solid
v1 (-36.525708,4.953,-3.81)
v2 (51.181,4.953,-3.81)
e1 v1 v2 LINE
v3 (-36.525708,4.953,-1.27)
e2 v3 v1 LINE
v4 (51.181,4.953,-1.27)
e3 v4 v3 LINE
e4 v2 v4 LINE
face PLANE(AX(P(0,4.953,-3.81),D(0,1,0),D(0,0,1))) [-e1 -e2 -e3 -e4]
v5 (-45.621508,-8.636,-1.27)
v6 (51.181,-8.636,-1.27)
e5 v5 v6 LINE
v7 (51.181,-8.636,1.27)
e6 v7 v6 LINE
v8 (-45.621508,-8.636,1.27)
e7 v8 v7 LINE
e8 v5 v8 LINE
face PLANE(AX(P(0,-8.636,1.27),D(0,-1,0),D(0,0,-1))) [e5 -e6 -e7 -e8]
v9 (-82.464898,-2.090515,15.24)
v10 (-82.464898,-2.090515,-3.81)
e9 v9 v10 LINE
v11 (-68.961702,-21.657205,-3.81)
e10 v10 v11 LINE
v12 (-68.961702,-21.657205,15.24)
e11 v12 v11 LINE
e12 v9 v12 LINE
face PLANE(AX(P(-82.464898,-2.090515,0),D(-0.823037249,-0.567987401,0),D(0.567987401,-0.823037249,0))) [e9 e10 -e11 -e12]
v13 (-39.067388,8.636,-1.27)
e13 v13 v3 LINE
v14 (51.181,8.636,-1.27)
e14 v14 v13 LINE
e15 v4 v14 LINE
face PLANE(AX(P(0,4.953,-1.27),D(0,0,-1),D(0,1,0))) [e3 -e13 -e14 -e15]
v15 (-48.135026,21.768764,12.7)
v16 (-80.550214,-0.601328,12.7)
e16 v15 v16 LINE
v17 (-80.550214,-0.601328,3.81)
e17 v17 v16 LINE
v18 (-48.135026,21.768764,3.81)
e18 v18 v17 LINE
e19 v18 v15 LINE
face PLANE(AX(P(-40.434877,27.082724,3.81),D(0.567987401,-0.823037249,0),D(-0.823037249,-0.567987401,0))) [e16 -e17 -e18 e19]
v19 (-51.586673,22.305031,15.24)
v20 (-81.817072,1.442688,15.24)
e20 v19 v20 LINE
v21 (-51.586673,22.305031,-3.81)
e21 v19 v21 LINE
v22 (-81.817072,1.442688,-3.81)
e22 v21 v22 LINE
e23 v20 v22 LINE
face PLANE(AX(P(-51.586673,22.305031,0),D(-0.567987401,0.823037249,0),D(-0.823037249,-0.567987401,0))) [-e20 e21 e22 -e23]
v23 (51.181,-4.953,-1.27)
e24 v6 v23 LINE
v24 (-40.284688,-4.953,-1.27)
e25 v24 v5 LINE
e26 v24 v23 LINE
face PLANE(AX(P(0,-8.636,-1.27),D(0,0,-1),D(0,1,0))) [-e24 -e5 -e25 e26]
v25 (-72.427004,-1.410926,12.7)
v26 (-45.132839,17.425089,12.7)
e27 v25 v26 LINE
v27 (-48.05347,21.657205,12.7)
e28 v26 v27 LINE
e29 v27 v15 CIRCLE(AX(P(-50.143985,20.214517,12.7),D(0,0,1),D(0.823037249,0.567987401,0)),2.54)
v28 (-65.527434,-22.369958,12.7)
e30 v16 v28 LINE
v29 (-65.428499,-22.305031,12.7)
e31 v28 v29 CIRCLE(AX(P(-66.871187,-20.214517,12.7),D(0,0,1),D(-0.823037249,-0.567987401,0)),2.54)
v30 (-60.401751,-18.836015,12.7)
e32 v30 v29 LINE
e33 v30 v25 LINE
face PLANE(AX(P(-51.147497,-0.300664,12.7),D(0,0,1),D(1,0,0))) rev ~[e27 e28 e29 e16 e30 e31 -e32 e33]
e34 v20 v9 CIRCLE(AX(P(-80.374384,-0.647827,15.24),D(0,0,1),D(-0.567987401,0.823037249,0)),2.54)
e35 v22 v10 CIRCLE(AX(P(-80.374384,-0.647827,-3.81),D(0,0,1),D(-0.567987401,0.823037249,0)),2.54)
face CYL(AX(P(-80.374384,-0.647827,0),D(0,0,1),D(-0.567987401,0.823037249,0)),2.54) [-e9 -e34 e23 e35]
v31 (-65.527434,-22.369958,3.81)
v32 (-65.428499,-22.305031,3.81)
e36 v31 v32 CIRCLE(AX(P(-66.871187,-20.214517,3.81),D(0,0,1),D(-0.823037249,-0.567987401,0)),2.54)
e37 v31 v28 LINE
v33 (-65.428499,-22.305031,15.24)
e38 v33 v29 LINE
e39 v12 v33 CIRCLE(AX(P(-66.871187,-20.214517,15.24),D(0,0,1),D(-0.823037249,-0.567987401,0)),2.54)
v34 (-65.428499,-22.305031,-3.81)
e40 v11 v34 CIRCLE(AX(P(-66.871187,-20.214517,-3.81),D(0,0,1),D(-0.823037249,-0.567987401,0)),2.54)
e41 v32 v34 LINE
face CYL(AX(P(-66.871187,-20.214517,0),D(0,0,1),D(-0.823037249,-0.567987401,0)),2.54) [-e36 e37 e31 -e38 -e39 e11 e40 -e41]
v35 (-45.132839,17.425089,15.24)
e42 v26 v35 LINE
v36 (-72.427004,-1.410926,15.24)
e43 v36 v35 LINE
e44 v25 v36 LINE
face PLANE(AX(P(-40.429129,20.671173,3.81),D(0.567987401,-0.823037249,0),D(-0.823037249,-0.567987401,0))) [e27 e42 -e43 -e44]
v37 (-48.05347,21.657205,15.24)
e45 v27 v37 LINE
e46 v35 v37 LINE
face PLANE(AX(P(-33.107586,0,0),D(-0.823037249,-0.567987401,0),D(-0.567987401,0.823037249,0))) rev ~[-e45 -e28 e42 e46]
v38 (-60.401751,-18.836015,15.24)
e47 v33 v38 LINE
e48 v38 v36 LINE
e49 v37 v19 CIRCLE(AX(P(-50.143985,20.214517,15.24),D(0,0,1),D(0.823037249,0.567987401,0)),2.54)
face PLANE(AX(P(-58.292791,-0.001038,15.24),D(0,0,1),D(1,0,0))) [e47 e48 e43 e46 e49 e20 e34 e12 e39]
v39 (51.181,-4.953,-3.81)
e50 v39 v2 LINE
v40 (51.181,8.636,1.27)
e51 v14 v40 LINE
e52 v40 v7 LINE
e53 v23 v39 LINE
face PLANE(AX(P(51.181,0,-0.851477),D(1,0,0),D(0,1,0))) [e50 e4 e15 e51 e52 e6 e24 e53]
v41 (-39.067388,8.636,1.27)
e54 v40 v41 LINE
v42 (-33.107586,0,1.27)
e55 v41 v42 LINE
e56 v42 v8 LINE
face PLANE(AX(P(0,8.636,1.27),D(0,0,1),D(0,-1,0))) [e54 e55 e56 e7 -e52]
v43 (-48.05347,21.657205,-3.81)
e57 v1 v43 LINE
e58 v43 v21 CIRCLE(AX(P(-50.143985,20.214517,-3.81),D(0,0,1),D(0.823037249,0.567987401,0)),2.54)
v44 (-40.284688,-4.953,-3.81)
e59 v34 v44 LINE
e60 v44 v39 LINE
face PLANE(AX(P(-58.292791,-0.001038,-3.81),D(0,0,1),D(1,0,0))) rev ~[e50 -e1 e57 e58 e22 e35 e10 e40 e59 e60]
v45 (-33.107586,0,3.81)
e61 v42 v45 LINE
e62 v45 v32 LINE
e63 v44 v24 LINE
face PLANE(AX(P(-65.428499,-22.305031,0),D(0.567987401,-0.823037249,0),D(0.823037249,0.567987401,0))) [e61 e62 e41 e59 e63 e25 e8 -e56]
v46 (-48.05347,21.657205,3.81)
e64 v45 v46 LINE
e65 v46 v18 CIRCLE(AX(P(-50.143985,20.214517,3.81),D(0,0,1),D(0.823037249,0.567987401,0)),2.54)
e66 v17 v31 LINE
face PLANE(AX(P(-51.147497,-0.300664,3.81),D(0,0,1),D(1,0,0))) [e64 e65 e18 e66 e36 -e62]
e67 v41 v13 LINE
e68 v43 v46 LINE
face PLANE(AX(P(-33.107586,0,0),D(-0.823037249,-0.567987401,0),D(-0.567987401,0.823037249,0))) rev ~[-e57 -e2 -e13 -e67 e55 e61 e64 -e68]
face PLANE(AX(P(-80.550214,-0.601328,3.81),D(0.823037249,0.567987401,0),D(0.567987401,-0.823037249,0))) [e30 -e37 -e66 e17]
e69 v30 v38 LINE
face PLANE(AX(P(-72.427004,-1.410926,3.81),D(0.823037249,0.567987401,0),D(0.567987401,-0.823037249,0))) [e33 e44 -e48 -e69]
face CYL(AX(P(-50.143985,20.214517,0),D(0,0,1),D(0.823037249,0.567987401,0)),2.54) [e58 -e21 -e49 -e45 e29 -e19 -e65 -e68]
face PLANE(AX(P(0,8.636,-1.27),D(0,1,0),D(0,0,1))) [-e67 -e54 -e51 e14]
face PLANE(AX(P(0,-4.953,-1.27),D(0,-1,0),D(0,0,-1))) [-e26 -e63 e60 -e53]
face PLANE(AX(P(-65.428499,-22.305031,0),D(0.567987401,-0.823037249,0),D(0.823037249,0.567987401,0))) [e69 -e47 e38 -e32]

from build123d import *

# Parameters (mm, degrees)
F1_DEPTH = 51.181
F3_DEPTH = 15.24
F4_DEPTH = 3.81
F6_START = 2.54
F6_DEPTH = 8.89
F8_START = 2.54
F8_DEPTH = 20.574


with BuildPart() as f1:
    # F0 (on Right) → F1 (new body, symmetric)
    with BuildSketch(Plane.YZ):
        Polygon((8.636, 1.27), (-8.636, 1.27), (-8.636, -1.27), (-4.953, -1.27), (-4.953, -3.81), (4.953, -3.81), (4.953, -1.27), (8.636, -1.27), align=None)
    extrude(amount=F1_DEPTH, both=True)

    # F2 (on Top) → F3 (join)
    with BuildSketch(Plane.XY):
        with BuildLine():
            Line((-65.4284994702, -22.3050312109), (-33.107586205, 0))
            Line((-33.107586205, 0), (-48.0534703304, 21.6572045976))
            ThreePointArc((-48.0534703304, 21.6572045976), (-49.6859023505, 22.7128681239), (-51.5866729398, 22.3050312109))
            Line((-51.5866729398, 22.3050312109), (-81.8170715936, 1.442687998))
            ThreePointArc((-81.8170715936, 1.442687998), (-82.87273512, -0.189744022), (-82.464898207, -2.0905146114))
            Line((-82.464898207, -2.0905146114), (-68.9617020796, -21.6572045976))
            ThreePointArc((-68.9617020796, -21.6572045976), (-67.3292700595, -22.7128681239), (-65.4284994702, -22.3050312109))
        make_face()
    extrude(amount=F3_DEPTH)

    # F2 (on Top) → F4 (join)
    with BuildSketch(Plane.XY):
        with BuildLine():
            Line((-65.4284994702, -22.3050312109), (-33.107586205, 0))
            Line((-33.107586205, 0), (-48.0534703304, 21.6572045976))
            ThreePointArc((-48.0534703304, 21.6572045976), (-49.6859023505, 22.7128681239), (-51.5866729398, 22.3050312109))
            Line((-51.5866729398, 22.3050312109), (-81.8170715936, 1.442687998))
            ThreePointArc((-81.8170715936, 1.442687998), (-82.87273512, -0.189744022), (-82.464898207, -2.0905146114))
            Line((-82.464898207, -2.0905146114), (-68.9617020796, -21.6572045976))
            ThreePointArc((-68.9617020796, -21.6572045976), (-67.3292700595, -22.7128681239), (-65.4284994702, -22.3050312109))
        make_face()
    extrude(amount=-F4_DEPTH)

    # F5 (on face) → F6 (cut)
    with BuildSketch(Plane.XY.offset(1.27).offset(F6_START)):
        Polygon((-40.4348767453, 27.082724402), (-80.5502137997, -0.6013276448), (-61.860116521, -27.6840520468), (-21.7447794666, 0), align=None)
    extrude(amount=F6_DEPTH, mode=Mode.SUBTRACT)

    # F7 (on face) → F8 (cut)
    with BuildSketch(Plane.XY.offset(1.27).offset(F8_START)):
        Polygon((-40.4291285362, 20.671173085), (-72.4270038917, -1.4109259767), (-57.7466082971, -22.6834267065), (-25.7487329416, -0.6013276448), align=None)
    extrude(amount=F8_DEPTH, mode=Mode.SUBTRACT)


solid = f1.part
